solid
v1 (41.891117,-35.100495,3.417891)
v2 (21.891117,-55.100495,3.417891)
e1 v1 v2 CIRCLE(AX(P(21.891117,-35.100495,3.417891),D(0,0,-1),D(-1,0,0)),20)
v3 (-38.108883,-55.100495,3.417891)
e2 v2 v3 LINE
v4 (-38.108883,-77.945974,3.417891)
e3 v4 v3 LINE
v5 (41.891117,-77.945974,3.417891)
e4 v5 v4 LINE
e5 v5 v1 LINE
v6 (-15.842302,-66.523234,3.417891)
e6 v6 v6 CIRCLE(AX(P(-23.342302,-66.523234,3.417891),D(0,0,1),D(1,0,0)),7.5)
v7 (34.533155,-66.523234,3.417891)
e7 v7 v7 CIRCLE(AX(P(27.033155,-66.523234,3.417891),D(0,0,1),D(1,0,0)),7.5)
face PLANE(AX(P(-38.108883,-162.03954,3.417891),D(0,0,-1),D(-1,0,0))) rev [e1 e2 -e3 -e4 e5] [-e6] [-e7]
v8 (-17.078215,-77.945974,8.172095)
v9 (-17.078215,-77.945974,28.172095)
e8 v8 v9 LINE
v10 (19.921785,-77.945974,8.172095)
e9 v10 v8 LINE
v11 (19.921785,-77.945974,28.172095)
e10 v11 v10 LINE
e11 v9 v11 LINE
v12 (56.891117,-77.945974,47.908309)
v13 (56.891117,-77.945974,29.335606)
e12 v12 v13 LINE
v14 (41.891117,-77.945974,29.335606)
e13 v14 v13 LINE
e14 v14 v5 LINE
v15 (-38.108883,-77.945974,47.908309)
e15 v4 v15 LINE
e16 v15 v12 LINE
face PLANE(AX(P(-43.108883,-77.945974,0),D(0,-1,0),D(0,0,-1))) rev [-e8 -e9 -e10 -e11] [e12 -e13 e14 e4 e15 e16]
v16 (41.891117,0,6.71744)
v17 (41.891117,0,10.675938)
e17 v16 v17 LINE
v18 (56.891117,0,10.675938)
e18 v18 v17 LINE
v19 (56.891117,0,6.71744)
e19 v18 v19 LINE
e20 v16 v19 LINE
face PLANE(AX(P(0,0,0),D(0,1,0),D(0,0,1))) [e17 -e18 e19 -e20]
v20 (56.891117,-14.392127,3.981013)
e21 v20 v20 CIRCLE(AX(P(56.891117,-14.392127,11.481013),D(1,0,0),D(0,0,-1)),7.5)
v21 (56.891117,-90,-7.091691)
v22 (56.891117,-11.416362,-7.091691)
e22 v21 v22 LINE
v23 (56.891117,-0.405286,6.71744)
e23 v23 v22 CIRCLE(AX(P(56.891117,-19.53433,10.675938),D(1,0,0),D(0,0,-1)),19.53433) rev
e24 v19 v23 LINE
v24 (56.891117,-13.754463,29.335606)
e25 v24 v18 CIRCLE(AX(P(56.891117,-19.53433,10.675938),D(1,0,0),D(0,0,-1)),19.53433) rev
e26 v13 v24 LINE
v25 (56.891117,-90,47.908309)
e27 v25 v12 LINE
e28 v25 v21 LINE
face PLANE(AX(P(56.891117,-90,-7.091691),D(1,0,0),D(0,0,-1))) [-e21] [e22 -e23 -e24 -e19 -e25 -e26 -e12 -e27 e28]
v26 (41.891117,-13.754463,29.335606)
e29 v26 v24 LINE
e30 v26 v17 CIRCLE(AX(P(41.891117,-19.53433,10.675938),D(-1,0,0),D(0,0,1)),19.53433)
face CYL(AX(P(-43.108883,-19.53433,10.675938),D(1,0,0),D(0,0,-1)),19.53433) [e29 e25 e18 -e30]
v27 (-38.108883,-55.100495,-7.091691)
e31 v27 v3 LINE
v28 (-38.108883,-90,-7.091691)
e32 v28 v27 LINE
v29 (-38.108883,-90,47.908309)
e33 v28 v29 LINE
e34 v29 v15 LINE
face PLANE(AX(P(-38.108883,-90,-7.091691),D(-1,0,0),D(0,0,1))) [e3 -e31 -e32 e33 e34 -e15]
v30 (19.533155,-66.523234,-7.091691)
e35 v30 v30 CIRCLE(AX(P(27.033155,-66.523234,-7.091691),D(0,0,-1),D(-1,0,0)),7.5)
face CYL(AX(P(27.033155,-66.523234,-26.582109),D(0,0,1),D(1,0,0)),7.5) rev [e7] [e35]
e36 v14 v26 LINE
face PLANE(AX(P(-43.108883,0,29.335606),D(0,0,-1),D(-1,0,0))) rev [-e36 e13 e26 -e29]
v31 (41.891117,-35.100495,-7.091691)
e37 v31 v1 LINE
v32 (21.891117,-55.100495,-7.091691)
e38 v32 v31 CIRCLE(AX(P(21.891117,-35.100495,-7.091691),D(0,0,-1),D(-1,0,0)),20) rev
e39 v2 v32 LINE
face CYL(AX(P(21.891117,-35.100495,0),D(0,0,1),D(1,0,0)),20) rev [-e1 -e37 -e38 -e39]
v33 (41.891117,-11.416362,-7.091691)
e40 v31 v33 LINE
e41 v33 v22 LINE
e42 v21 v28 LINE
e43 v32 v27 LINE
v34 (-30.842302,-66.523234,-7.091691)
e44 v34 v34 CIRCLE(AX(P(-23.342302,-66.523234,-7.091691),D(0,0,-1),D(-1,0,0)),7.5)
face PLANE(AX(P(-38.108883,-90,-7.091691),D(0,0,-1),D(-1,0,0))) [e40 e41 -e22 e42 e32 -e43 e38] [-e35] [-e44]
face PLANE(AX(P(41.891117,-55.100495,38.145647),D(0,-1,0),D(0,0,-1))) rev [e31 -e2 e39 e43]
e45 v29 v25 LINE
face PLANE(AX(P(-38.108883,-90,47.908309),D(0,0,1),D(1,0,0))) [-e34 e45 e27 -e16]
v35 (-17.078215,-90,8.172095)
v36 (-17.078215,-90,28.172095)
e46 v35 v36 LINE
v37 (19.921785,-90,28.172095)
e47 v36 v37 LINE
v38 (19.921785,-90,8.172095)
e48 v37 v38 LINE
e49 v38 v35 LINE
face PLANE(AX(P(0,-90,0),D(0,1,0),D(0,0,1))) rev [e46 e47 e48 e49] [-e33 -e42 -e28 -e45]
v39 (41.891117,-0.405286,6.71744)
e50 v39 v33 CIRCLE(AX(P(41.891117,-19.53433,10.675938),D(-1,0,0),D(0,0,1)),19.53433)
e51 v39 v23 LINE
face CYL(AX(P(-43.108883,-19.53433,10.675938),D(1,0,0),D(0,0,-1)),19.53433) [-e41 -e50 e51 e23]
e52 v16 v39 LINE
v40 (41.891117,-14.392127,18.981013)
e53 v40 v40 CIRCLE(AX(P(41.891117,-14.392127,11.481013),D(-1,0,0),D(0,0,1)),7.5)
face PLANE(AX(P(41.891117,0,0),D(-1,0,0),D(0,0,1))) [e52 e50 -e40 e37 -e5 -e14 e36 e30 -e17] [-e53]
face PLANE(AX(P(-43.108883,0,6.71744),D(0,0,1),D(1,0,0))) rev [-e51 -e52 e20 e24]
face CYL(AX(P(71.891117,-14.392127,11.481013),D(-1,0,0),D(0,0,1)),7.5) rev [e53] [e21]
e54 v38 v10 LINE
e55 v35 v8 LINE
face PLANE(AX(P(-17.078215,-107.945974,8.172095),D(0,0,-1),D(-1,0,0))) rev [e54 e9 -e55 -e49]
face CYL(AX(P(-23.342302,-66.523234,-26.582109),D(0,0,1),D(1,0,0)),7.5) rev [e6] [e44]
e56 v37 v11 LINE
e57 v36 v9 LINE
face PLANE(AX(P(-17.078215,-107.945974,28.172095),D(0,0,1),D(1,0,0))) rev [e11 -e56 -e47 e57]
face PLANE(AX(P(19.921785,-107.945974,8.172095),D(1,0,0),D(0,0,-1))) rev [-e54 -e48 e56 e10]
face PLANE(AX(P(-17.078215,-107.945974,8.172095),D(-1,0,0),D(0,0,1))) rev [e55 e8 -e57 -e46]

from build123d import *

# Parameters (mm, degrees)
SKETCH9_W           = 95
SKETCH9_H           = 55
BOSS_EXTRUDE1_DEPTH = 90
CUT_EXTRUDE5_DEPTH  = 100
SKETCH12_W          = 60.486878253
SKETCH12_H          = 73.853608548
CUT_EXTRUDE7_DEPTH  = 80
SKETCH13_W          = 80
SKETCH13_H          = 25.917714192
CUT_EXTRUDE8_DEPTH  = 22.845479
FILLET1_R           = 20
SKETCH16_R          = 7.5
CUT_EXTRUDE9_DEPTH  = 30
SKETCH17_W          = 37
SKETCH17_H          = 20
CUT_EXTRUDE10_DEPTH = 30
SKETCH18_R          = 7.5
CUT_EXTRUDE11_DEPTH = 30


with BuildPart() as part:
    # Sketch9 → Boss-Extrude1 (new body)
    with BuildSketch(Plane(origin=(0, 0, 0), x_dir=(1, 0, 0), z_dir=(0, 1, 0))):
        with Locations((9.391117479, -20.408309456)):
            Rectangle(SKETCH9_W, SKETCH9_H)
    extrude(amount=-BOSS_EXTRUDE1_DEPTH)

    # Sketch10 → Cut-Extrude5 (cut)
    with BuildSketch(Plane(origin=(56.891117479, 0, 0), x_dir=(0, 0, -1), z_dir=(1, 0, 0))):
        with BuildLine():
            ThreePointArc((-6.717440326, -0.405285552), (1.502612431, -4.261054452), (7.091690544, -11.416362061))
            Line((7.091690544, -11.416362061), (7.091690544, 0))
            Line((7.091690544, 0), (-6.717440326, 0))
            Line((-6.717440326, 0), (-6.717440326, -0.405285552))
        make_face()
        with BuildLine():
            Line((-47.908309456, -77.945973927), (-29.335605617, -77.945973927))
            Line((-29.335605617, -77.945973927), (-29.335605617, -13.754463437))
            ThreePointArc((-29.335605617, -13.754463437), (-22.266542801, -3.810210472), (-10.675938318, 0))
            Line((-10.675938318, 0), (-47.908309456, 0))
            Line((-47.908309456, 0), (-47.908309456, -77.945973927))
        make_face()
    extrude(amount=-CUT_EXTRUDE5_DEPTH, mode=Mode.SUBTRACT)

    # Sketch12 → Cut-Extrude7 (cut)
    with BuildSketch(Plane.ZY.offset(38.108882521)):
        with Locations((7.902207673, -18.173690635)):
            Rectangle(SKETCH12_W, SKETCH12_H)
    extrude(amount=-CUT_EXTRUDE7_DEPTH, mode=Mode.SUBTRACT)

    # Sketch13 → Cut-Extrude8 (cut)
    with BuildSketch(Plane(origin=(0, -55.100494909, 0), x_dir=(1, 0, 0), z_dir=(0, 1, 0))):
        with Locations((1.891117479, -16.376748521)):
            Rectangle(SKETCH13_W, SKETCH13_H)
    extrude(amount=-CUT_EXTRUDE8_DEPTH, mode=Mode.SUBTRACT)

    # Fillet1
    fillet1_edges = [part.edges().sort_by_distance(p)[0] for p in [
        (41.891117479, -55.100494909, -1.836899559),
    ]]
    fillet(fillet1_edges, radius=FILLET1_R)

    # Sketch16 → Cut-Extrude9 (cut)
    with BuildSketch(Plane.XY.offset(3.417891425)):
        with Locations((-23.342301778, -66.523234418)):
            Circle(SKETCH16_R)
        with Locations((27.03315513, -66.523234418)):
            Circle(SKETCH16_R)
    extrude(amount=-CUT_EXTRUDE9_DEPTH, mode=Mode.SUBTRACT)

    # Sketch17 → Cut-Extrude10 (cut)
    with BuildSketch(Plane(origin=(0, -77.945973927, 0), x_dir=(1, 0, 0), z_dir=(0, 1, 0))):
        with Locations((1.421785082, -18.172095262)):
            Rectangle(SKETCH17_W, SKETCH17_H)
    extrude(amount=-CUT_EXTRUDE10_DEPTH, mode=Mode.SUBTRACT)

    # Sketch18 → Cut-Extrude11 (cut)
    with BuildSketch(Plane.ZY.offset(-41.891117479)):
        with Locations((11.481013295, -14.392127448)):
            Circle(SKETCH18_R)
    extrude(amount=-CUT_EXTRUDE11_DEPTH, mode=Mode.SUBTRACT)


solid = part.part
